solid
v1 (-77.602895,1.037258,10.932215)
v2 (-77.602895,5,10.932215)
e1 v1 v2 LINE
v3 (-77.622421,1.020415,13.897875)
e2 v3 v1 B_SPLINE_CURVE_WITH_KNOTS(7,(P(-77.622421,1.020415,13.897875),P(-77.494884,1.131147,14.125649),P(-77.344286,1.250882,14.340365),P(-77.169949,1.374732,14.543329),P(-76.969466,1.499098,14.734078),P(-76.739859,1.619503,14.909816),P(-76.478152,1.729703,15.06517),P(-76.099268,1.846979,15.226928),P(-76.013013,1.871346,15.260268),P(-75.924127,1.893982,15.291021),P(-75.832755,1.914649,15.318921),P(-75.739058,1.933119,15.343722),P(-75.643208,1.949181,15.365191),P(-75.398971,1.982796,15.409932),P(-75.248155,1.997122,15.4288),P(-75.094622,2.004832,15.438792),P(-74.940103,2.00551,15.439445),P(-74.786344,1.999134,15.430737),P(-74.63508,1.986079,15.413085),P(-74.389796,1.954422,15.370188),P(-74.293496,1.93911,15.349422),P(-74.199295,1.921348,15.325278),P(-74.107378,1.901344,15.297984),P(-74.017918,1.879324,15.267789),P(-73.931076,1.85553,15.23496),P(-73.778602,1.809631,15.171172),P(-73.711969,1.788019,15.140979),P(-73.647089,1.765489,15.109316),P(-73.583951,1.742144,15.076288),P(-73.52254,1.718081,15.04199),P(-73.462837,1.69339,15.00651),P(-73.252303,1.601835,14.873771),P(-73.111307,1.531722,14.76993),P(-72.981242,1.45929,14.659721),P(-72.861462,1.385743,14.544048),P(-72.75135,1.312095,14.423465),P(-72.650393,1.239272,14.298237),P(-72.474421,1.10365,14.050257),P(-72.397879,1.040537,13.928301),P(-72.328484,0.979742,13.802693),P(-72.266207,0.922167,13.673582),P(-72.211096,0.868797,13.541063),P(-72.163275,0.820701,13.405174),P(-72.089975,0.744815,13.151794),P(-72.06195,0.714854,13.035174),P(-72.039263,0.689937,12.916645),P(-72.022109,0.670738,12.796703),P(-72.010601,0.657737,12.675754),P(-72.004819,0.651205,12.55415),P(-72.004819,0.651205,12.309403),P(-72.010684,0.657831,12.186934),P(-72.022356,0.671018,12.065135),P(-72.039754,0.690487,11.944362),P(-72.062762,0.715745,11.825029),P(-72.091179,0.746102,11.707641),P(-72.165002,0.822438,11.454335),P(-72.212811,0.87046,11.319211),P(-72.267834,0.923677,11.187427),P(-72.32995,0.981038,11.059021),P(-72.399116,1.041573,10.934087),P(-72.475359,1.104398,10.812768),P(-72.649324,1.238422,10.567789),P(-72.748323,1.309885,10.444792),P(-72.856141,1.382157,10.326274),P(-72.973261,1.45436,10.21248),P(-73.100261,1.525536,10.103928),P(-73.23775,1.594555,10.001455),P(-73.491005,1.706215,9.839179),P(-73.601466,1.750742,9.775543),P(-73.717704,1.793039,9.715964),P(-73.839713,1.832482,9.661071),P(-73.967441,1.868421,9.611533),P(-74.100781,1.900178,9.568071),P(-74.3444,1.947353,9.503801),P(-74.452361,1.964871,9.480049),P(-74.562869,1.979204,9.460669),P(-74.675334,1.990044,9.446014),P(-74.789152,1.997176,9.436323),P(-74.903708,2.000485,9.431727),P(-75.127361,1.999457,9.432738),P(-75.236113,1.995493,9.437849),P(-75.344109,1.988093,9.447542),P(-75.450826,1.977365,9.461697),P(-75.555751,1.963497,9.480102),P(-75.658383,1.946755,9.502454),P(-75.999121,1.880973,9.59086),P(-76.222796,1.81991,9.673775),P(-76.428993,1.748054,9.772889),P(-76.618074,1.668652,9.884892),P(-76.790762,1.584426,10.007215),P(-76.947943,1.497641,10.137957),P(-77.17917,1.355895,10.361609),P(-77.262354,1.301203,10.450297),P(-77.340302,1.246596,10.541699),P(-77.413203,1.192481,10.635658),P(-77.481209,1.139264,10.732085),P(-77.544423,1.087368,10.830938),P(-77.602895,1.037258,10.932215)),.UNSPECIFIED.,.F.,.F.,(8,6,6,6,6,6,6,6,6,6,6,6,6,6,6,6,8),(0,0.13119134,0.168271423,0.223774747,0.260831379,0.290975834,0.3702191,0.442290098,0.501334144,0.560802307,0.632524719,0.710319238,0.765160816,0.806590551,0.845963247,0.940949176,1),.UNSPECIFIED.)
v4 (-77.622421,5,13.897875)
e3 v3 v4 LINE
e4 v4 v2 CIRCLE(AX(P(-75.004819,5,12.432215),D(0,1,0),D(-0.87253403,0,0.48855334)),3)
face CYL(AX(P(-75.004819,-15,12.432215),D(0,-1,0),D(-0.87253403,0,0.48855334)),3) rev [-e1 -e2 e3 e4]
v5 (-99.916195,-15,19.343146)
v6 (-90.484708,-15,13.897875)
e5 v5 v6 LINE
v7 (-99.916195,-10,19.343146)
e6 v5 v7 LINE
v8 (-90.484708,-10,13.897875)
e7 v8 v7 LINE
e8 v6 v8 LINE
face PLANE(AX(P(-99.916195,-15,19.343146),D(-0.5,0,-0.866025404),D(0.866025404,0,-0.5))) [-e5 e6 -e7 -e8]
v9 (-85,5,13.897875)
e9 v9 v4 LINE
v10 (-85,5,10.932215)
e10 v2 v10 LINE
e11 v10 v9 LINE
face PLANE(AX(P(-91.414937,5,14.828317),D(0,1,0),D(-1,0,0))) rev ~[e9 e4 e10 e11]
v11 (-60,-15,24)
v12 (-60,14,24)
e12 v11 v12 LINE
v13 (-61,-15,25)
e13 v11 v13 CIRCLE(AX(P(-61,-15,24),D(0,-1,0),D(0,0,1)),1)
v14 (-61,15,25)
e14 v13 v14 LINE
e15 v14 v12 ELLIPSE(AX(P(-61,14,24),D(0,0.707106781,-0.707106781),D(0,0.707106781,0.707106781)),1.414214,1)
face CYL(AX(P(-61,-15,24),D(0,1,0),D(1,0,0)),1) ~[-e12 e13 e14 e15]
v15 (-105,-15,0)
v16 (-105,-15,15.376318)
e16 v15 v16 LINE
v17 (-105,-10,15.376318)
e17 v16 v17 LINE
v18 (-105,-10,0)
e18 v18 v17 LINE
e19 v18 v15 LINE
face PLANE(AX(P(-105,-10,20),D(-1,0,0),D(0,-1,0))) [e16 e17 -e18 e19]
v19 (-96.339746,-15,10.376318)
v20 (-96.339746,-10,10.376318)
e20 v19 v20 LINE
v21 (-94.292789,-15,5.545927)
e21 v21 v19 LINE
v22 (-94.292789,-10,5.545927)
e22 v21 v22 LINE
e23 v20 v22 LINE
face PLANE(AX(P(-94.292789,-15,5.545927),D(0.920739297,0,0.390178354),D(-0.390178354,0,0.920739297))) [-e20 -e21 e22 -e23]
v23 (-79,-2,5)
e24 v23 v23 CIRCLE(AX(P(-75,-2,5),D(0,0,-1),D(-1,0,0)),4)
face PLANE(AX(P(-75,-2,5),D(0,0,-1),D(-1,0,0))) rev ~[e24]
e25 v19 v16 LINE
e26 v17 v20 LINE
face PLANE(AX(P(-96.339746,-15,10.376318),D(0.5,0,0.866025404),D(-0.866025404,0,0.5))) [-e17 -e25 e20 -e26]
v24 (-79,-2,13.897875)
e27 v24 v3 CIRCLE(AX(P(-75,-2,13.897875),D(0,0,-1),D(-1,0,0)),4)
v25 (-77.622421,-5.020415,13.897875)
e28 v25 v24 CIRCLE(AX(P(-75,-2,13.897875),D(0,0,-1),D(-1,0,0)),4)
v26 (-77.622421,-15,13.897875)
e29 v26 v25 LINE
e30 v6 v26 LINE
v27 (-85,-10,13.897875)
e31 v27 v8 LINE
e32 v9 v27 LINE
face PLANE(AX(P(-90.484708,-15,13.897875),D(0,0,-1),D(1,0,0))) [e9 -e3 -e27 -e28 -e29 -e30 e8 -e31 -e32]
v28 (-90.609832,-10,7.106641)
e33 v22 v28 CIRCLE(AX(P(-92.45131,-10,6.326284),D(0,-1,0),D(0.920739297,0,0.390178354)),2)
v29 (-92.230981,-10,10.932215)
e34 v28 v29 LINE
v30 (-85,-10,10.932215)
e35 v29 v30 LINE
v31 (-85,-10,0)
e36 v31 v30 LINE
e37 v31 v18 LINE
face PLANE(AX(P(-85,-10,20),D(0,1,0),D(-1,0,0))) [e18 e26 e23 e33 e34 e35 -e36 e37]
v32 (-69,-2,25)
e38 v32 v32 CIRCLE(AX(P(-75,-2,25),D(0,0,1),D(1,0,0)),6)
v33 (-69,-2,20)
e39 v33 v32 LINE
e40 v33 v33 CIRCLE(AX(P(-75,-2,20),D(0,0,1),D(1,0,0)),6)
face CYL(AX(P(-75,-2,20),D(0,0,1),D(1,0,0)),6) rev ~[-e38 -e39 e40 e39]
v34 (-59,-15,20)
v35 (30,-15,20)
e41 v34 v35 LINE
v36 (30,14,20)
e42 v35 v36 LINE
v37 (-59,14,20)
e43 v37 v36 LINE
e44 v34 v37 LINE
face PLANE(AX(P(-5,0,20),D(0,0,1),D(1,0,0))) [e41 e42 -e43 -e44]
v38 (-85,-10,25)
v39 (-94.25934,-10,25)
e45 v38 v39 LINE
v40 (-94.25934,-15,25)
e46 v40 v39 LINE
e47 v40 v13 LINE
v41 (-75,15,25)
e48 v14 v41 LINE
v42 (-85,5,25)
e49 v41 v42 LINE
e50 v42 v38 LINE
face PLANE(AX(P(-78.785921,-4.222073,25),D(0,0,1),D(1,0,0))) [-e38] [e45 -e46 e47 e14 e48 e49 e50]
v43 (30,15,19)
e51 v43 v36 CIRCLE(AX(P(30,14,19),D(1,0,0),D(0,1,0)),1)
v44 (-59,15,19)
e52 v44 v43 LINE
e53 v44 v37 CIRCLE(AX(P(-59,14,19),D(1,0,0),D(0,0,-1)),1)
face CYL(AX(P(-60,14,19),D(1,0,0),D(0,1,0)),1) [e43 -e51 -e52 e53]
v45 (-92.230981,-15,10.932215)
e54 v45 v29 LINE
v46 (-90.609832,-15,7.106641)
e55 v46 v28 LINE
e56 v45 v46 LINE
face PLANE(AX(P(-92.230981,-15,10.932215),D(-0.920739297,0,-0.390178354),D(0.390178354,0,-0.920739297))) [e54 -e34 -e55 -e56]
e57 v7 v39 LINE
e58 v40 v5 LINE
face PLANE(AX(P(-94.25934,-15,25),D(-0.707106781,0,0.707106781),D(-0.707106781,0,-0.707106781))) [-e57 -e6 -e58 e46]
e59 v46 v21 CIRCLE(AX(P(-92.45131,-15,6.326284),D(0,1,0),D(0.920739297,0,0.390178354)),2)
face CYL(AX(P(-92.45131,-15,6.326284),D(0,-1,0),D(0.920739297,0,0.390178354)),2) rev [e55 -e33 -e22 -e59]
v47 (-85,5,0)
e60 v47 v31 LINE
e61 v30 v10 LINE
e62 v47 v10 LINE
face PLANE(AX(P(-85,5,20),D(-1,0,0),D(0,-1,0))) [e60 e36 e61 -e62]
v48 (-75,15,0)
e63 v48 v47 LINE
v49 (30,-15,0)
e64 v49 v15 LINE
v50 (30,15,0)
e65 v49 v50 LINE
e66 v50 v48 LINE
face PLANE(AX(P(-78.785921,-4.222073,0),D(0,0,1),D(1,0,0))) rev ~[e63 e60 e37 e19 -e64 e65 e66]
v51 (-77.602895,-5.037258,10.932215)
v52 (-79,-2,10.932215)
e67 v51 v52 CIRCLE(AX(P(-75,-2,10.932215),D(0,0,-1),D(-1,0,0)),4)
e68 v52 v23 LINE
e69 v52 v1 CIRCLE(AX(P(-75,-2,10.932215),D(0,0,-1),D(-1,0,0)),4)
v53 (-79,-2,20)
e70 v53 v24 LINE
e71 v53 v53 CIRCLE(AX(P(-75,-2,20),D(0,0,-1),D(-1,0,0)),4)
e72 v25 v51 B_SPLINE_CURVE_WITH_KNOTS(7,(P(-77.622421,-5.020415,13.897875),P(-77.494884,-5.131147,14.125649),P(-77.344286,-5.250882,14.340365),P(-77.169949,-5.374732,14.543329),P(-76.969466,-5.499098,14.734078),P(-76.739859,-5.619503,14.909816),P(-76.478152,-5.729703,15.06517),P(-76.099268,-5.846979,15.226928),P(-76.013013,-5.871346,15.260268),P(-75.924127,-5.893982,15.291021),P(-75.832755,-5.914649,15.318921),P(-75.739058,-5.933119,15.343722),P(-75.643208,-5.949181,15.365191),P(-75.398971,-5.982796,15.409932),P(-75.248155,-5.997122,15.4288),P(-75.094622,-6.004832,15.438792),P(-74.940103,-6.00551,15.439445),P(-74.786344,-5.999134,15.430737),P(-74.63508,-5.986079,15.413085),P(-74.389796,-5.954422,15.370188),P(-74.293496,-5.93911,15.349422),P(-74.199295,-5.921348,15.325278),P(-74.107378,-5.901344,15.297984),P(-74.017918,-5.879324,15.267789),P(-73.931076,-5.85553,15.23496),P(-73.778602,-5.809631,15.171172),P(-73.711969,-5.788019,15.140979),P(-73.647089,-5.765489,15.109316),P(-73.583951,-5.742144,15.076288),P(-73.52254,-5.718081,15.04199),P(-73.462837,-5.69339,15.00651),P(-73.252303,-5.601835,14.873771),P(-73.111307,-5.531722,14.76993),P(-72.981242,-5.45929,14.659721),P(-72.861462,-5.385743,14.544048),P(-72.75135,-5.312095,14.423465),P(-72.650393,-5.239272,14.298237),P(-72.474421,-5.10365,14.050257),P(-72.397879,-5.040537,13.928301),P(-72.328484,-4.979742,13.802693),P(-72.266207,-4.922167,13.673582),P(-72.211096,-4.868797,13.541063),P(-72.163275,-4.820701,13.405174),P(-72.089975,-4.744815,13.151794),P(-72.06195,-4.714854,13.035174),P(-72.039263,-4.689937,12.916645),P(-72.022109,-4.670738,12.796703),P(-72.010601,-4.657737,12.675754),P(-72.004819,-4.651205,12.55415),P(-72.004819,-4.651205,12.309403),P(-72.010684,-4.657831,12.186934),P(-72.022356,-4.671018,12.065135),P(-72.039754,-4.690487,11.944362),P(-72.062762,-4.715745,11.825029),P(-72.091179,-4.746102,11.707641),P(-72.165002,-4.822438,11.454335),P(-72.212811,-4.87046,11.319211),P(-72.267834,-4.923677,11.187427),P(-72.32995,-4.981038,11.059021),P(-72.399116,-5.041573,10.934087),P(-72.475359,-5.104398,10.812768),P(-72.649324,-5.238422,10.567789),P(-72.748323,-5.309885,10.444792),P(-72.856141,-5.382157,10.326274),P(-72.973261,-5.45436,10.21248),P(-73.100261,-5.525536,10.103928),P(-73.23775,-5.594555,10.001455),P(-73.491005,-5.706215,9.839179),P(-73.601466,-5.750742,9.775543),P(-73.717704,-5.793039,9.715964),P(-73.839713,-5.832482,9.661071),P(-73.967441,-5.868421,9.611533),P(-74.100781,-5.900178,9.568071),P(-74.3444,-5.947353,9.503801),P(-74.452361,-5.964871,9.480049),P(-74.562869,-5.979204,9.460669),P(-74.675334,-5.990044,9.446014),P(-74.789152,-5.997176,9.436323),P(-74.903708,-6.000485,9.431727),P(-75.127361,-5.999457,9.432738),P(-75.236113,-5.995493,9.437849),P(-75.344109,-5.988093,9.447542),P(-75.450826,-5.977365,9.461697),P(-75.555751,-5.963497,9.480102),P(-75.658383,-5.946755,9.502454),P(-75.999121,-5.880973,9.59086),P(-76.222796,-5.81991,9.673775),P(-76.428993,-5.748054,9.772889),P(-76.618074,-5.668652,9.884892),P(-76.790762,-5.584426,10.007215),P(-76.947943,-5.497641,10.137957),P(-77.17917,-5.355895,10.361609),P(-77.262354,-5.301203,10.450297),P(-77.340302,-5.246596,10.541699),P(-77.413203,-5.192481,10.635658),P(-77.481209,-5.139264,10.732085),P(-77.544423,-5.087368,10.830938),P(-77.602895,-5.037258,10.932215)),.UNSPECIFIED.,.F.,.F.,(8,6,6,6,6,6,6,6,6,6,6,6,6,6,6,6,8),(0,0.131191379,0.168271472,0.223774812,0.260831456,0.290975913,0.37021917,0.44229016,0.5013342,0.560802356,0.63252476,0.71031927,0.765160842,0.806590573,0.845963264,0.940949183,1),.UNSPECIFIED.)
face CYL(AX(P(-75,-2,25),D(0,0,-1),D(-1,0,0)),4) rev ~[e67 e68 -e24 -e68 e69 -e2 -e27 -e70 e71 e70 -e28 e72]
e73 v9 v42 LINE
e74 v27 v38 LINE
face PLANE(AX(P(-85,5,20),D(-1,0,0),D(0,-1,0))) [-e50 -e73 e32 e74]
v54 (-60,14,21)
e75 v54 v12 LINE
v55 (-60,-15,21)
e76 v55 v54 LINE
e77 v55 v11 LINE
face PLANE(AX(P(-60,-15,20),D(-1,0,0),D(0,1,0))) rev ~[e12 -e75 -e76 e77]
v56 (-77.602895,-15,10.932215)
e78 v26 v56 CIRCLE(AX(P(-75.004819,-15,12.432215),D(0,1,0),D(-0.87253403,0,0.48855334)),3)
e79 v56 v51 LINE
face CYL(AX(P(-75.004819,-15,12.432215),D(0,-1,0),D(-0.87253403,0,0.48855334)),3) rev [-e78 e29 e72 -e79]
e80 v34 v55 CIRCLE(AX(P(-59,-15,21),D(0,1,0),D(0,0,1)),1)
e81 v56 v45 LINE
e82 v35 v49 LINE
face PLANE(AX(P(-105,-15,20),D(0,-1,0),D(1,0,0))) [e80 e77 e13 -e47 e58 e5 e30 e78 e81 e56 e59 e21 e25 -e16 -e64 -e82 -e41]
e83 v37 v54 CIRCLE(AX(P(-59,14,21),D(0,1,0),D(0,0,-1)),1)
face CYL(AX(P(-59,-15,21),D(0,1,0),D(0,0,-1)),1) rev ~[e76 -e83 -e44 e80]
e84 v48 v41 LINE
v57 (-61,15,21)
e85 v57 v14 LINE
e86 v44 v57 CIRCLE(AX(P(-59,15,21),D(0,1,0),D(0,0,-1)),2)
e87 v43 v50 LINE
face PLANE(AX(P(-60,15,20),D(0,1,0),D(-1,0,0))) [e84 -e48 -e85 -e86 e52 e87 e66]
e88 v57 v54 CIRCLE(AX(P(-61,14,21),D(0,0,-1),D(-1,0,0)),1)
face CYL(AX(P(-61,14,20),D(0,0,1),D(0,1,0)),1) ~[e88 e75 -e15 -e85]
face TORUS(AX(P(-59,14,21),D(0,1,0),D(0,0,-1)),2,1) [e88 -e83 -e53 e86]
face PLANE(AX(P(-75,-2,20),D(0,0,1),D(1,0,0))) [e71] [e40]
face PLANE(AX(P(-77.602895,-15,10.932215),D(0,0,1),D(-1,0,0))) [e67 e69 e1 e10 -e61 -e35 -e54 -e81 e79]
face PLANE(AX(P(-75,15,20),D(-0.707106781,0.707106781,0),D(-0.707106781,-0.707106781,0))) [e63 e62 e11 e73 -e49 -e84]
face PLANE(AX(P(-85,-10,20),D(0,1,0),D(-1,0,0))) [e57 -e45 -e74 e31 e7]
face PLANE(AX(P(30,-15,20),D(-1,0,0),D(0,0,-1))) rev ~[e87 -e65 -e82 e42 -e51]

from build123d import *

# Parameters (mm, degrees)
SKETCH_1_W                = 110
SKETCH_1_H                = 30
EXTRUDE_1_DEPTH           = 20
EXTRUDE_2_DEPTH           = 5
EXTRUDE_2_DEPTH_BACK      = 20
FILLET_1_R                = 1
CUT_EXTRUDE_1_DEPTH       = 20
HOLE_WIZARD_1_D           = 8
HOLE_WIZARD_1_DEPTH       = 20
HOLE_WIZARD_1_CBORE_D     = 12
HOLE_WIZARD_1_CBORE_DEPTH = 5
CUT_EXTRUDE_2_REACH       = 32
SKETCH_7_W                = 20
SKETCH_7_H                = 20


with BuildPart() as part:
    # 草图1 → 凸台-拉伸1 (new body)
    with BuildSketch(Plane.XY):
        with Locations((-5, 0)):
            Rectangle(SKETCH_1_W, SKETCH_1_H)
    extrude(amount=EXTRUDE_1_DEPTH)

    # 草图3 → 凸台-拉伸2 (add, two sides)
    with BuildSketch(Plane.XY.offset(20)) as extrude_2_sk:
        Polygon((-60, -15), (-60, 15), (-75, 15), (-85, 5), (-85, -10), (-105, -10), (-105, -15), align=None)
    extrude(amount=EXTRUDE_2_DEPTH)
    extrude(extrude_2_sk.sketch, amount=-EXTRUDE_2_DEPTH_BACK)

    # 圆角1
    fillet_1_edges = [part.edges().sort_by_distance(p)[0] for p in [
        (-60, 15, 22.5),
        (-60, 0, 25),
        (-60, 0, 20),
        (-5, 15, 20),
    ]]
    fillet(fillet_1_edges, radius=FILLET_1_R)

    # 草图4 → 切除-拉伸1 (cut)
    with BuildSketch(Plane.XZ.offset(15)):
        with BuildLine():
            Line((-94.259340252, 25), (-99.916194502, 19.343145751))
            Line((-99.916194502, 19.343145751), (-90.484708185, 13.897874587))
            Line((-90.484708185, 13.897874587), (-77.622420706, 13.897874587))
            ThreePointArc((-77.622420706, 13.897874587), (-72.004883636, 12.451966115), (-77.602894826, 10.932214568))
            Line((-77.602894826, 10.932214568), (-92.230981332, 10.932214568))
            Line((-92.230981332, 10.932214568), (-90.609831702, 7.106640556))
            ThreePointArc((-90.609831702, 7.106640556), (-91.670953588, 4.484805255), (-94.292788888, 5.545927141))
            Line((-94.292788888, 5.545927141), (-96.339745962, 10.376317651))
            Line((-96.339745962, 10.376317651), (-105, 15.376317651))
            Line((-105, 15.376317651), (-105, 25))
            Line((-105, 25), (-94.259340252, 25))
        make_face()
    extrude(amount=-CUT_EXTRUDE_1_DEPTH, mode=Mode.SUBTRACT)

    # 孔1
    with Locations(Plane(origin=(-75, -2, 25), x_dir=(1, 0, 0), z_dir=(0, 0, 1))):
        with Locations((0, 0)):
            CounterBoreHole(HOLE_WIZARD_1_D / 2, HOLE_WIZARD_1_CBORE_D / 2, HOLE_WIZARD_1_CBORE_DEPTH, depth=HOLE_WIZARD_1_DEPTH)

    # 草图7 → 切除-拉伸2 (cut, up to next)
    with BuildSketch(Plane(origin=(0, -15, 0), x_dir=(-1, 0, 0), z_dir=(0, -1, 0)), mode=Mode.PRIVATE) as cut_extrude_2_sk1:
        with Locations((-40, -10)):
            Rectangle(SKETCH_7_W, SKETCH_7_H)
    cut_extrude_2_tool1 = extrude(cut_extrude_2_sk1.sketch, amount=-CUT_EXTRUDE_2_REACH, mode=Mode.PRIVATE) & part.part
    add(cut_extrude_2_tool1.solids().sort_by_distance((40, -15, 10))[0], mode=Mode.SUBTRACT)


solid = part.part
